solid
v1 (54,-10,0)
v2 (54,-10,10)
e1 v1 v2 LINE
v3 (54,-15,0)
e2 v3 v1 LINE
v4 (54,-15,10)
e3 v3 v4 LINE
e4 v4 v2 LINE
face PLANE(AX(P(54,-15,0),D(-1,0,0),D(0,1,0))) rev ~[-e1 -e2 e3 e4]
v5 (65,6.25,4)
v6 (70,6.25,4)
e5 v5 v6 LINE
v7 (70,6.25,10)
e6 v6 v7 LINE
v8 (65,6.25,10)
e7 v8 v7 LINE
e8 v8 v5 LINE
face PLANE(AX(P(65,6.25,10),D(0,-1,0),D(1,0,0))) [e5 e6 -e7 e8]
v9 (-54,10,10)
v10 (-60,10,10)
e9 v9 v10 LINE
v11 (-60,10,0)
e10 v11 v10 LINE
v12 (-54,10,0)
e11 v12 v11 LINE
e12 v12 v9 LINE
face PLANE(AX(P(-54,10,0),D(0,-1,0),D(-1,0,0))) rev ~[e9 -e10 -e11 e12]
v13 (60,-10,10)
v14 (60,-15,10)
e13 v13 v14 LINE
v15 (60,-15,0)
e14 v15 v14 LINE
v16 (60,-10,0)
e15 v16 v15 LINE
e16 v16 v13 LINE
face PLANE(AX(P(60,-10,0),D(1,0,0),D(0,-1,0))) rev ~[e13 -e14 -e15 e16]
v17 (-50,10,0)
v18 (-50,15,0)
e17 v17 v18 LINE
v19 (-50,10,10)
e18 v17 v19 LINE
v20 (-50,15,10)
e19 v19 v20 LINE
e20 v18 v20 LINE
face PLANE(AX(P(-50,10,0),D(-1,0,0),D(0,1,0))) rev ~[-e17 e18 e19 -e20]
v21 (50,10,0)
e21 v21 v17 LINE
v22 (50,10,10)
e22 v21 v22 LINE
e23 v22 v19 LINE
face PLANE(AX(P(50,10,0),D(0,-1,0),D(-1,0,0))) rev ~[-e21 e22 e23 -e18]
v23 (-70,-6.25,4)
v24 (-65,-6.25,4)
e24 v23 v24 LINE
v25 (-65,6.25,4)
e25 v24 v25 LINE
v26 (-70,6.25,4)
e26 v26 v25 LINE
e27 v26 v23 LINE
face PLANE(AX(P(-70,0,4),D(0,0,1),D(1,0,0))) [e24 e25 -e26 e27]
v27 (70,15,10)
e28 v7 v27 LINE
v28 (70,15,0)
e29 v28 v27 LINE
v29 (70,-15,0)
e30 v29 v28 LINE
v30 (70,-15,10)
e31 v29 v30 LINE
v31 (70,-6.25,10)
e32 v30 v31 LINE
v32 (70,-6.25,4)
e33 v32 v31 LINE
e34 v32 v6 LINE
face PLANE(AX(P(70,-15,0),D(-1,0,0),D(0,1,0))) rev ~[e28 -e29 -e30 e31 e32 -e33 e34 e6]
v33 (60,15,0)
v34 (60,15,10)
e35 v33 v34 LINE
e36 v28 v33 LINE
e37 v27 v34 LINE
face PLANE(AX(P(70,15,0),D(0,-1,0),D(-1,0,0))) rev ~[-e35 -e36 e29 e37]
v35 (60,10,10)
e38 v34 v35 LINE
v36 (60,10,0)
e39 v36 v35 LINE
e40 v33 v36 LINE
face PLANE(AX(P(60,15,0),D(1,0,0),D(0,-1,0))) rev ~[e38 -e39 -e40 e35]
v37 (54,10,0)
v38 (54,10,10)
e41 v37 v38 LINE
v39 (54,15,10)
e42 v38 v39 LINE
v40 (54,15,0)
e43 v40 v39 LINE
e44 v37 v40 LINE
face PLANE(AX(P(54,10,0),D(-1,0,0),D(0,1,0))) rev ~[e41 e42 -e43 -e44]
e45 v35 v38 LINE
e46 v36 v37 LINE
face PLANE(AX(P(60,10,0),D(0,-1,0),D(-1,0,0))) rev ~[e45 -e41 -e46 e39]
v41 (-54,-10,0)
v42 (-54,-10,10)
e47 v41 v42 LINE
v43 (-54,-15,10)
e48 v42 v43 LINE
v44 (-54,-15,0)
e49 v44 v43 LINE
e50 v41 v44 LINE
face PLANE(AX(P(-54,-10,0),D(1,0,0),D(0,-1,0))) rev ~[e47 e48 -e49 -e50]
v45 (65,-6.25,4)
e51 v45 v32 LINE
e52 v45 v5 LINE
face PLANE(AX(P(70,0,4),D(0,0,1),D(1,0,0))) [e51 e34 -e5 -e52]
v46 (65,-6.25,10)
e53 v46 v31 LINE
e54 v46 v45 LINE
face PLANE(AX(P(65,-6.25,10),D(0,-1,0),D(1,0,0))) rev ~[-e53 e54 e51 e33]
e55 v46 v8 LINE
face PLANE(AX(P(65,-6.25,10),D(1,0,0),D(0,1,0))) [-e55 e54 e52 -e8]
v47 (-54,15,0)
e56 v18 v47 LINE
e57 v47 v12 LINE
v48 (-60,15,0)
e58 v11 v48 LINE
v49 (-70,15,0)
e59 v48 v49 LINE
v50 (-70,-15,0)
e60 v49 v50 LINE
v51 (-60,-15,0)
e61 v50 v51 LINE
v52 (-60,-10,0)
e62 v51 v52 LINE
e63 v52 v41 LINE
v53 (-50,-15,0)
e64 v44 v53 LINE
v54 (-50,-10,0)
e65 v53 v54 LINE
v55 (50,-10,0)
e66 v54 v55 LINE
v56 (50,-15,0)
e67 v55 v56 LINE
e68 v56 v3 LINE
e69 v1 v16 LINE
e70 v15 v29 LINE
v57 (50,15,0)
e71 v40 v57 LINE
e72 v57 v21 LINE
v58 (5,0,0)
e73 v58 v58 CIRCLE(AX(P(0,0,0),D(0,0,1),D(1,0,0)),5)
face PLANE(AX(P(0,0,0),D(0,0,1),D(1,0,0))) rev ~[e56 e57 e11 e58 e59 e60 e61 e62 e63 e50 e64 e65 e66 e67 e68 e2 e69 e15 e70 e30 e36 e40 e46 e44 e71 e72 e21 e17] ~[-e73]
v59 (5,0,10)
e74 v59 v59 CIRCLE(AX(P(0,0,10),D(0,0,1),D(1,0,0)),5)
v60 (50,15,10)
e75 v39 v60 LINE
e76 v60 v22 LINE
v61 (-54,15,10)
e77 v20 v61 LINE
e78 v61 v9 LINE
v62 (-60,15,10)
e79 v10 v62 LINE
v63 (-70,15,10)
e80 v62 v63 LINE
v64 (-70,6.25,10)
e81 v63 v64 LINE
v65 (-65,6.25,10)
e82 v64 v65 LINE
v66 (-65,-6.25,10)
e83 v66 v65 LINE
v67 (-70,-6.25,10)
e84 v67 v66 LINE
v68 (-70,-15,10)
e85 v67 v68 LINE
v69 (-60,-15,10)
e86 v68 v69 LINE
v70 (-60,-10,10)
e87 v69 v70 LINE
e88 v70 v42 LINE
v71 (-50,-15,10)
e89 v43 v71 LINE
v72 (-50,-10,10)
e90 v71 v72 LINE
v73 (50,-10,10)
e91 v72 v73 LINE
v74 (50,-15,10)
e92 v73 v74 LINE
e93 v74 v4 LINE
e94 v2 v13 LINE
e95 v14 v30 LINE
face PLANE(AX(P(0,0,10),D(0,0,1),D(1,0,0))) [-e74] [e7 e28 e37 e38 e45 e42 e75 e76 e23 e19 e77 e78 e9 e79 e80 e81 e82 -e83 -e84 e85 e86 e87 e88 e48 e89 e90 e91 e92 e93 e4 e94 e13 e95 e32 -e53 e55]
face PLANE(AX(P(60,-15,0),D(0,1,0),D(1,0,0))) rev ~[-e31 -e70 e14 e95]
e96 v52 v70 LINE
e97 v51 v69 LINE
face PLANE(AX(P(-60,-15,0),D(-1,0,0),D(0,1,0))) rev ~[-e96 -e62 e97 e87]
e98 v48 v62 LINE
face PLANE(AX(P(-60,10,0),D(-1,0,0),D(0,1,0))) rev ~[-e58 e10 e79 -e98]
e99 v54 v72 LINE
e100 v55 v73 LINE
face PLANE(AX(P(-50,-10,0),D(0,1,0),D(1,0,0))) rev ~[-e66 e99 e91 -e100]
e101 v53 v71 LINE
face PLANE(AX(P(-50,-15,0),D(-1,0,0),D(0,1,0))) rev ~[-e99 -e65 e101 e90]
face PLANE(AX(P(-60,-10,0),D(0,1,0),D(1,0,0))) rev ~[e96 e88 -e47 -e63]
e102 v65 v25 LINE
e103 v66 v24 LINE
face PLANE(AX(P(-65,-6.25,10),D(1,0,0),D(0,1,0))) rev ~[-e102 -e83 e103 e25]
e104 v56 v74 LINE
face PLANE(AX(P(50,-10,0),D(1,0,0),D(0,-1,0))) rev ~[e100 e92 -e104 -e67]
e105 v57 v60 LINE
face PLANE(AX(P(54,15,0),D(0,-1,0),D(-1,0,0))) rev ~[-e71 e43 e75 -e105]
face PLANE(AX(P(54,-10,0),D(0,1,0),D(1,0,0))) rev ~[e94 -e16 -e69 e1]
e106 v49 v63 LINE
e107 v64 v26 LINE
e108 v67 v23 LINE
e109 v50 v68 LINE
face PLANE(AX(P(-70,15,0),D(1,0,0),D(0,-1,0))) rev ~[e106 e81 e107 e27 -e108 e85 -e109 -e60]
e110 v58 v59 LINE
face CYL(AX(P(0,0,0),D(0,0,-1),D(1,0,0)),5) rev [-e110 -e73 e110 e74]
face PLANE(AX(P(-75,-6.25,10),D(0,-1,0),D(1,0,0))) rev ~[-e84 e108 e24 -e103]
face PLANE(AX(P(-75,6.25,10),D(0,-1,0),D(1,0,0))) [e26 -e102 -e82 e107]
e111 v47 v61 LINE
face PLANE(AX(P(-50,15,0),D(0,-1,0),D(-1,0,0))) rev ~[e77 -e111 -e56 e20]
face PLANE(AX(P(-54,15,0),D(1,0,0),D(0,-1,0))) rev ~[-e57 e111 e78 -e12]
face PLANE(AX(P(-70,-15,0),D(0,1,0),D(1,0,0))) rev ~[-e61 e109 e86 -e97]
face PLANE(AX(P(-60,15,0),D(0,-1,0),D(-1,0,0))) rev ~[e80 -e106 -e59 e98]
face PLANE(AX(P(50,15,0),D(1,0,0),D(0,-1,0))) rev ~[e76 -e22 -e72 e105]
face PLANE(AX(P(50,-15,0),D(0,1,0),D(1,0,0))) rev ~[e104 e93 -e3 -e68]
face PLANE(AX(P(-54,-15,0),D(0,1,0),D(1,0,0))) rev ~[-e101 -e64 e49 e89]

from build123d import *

# Parameters (mm, degrees)
F0_R     = 5
F1_DEPTH = 10
F2_W     = 10
F2_H     = 12.5
F3_DEPTH = 6


with BuildPart() as f1:
    # F0 (on Top) → F1 (new body)
    with BuildSketch(Plane.XY):
        Polygon((-50, -10), (50, -10), (50, -15), (54, -15), (54, -10), (60, -10), (60, -15), (70, -15), (70, 0), (70, 15), (60, 15), (60, 10), (54, 10), (54, 15), (50, 15), (50, 10), (-50, 10), (-50, 15), (-54, 15), (-54, 10), (-60, 10), (-60, 15), (-70, 15), (-70, 0), (-70, -15), (-60, -15), (-60, -10), (-54, -10), (-54, -15), (-50, -15), align=None)
        Circle(F0_R, mode=Mode.SUBTRACT)
    extrude(amount=F1_DEPTH)

    # F2 (on face) → F3 (cut)
    with BuildSketch(Plane.XY.offset(10)):
        with Locations((70, 0)):
            Rectangle(F2_W, F2_H)
        with Locations((-70, 0)):
            Rectangle(F2_W, F2_H)
    extrude(amount=-F3_DEPTH, mode=Mode.SUBTRACT)


solid = f1.part
